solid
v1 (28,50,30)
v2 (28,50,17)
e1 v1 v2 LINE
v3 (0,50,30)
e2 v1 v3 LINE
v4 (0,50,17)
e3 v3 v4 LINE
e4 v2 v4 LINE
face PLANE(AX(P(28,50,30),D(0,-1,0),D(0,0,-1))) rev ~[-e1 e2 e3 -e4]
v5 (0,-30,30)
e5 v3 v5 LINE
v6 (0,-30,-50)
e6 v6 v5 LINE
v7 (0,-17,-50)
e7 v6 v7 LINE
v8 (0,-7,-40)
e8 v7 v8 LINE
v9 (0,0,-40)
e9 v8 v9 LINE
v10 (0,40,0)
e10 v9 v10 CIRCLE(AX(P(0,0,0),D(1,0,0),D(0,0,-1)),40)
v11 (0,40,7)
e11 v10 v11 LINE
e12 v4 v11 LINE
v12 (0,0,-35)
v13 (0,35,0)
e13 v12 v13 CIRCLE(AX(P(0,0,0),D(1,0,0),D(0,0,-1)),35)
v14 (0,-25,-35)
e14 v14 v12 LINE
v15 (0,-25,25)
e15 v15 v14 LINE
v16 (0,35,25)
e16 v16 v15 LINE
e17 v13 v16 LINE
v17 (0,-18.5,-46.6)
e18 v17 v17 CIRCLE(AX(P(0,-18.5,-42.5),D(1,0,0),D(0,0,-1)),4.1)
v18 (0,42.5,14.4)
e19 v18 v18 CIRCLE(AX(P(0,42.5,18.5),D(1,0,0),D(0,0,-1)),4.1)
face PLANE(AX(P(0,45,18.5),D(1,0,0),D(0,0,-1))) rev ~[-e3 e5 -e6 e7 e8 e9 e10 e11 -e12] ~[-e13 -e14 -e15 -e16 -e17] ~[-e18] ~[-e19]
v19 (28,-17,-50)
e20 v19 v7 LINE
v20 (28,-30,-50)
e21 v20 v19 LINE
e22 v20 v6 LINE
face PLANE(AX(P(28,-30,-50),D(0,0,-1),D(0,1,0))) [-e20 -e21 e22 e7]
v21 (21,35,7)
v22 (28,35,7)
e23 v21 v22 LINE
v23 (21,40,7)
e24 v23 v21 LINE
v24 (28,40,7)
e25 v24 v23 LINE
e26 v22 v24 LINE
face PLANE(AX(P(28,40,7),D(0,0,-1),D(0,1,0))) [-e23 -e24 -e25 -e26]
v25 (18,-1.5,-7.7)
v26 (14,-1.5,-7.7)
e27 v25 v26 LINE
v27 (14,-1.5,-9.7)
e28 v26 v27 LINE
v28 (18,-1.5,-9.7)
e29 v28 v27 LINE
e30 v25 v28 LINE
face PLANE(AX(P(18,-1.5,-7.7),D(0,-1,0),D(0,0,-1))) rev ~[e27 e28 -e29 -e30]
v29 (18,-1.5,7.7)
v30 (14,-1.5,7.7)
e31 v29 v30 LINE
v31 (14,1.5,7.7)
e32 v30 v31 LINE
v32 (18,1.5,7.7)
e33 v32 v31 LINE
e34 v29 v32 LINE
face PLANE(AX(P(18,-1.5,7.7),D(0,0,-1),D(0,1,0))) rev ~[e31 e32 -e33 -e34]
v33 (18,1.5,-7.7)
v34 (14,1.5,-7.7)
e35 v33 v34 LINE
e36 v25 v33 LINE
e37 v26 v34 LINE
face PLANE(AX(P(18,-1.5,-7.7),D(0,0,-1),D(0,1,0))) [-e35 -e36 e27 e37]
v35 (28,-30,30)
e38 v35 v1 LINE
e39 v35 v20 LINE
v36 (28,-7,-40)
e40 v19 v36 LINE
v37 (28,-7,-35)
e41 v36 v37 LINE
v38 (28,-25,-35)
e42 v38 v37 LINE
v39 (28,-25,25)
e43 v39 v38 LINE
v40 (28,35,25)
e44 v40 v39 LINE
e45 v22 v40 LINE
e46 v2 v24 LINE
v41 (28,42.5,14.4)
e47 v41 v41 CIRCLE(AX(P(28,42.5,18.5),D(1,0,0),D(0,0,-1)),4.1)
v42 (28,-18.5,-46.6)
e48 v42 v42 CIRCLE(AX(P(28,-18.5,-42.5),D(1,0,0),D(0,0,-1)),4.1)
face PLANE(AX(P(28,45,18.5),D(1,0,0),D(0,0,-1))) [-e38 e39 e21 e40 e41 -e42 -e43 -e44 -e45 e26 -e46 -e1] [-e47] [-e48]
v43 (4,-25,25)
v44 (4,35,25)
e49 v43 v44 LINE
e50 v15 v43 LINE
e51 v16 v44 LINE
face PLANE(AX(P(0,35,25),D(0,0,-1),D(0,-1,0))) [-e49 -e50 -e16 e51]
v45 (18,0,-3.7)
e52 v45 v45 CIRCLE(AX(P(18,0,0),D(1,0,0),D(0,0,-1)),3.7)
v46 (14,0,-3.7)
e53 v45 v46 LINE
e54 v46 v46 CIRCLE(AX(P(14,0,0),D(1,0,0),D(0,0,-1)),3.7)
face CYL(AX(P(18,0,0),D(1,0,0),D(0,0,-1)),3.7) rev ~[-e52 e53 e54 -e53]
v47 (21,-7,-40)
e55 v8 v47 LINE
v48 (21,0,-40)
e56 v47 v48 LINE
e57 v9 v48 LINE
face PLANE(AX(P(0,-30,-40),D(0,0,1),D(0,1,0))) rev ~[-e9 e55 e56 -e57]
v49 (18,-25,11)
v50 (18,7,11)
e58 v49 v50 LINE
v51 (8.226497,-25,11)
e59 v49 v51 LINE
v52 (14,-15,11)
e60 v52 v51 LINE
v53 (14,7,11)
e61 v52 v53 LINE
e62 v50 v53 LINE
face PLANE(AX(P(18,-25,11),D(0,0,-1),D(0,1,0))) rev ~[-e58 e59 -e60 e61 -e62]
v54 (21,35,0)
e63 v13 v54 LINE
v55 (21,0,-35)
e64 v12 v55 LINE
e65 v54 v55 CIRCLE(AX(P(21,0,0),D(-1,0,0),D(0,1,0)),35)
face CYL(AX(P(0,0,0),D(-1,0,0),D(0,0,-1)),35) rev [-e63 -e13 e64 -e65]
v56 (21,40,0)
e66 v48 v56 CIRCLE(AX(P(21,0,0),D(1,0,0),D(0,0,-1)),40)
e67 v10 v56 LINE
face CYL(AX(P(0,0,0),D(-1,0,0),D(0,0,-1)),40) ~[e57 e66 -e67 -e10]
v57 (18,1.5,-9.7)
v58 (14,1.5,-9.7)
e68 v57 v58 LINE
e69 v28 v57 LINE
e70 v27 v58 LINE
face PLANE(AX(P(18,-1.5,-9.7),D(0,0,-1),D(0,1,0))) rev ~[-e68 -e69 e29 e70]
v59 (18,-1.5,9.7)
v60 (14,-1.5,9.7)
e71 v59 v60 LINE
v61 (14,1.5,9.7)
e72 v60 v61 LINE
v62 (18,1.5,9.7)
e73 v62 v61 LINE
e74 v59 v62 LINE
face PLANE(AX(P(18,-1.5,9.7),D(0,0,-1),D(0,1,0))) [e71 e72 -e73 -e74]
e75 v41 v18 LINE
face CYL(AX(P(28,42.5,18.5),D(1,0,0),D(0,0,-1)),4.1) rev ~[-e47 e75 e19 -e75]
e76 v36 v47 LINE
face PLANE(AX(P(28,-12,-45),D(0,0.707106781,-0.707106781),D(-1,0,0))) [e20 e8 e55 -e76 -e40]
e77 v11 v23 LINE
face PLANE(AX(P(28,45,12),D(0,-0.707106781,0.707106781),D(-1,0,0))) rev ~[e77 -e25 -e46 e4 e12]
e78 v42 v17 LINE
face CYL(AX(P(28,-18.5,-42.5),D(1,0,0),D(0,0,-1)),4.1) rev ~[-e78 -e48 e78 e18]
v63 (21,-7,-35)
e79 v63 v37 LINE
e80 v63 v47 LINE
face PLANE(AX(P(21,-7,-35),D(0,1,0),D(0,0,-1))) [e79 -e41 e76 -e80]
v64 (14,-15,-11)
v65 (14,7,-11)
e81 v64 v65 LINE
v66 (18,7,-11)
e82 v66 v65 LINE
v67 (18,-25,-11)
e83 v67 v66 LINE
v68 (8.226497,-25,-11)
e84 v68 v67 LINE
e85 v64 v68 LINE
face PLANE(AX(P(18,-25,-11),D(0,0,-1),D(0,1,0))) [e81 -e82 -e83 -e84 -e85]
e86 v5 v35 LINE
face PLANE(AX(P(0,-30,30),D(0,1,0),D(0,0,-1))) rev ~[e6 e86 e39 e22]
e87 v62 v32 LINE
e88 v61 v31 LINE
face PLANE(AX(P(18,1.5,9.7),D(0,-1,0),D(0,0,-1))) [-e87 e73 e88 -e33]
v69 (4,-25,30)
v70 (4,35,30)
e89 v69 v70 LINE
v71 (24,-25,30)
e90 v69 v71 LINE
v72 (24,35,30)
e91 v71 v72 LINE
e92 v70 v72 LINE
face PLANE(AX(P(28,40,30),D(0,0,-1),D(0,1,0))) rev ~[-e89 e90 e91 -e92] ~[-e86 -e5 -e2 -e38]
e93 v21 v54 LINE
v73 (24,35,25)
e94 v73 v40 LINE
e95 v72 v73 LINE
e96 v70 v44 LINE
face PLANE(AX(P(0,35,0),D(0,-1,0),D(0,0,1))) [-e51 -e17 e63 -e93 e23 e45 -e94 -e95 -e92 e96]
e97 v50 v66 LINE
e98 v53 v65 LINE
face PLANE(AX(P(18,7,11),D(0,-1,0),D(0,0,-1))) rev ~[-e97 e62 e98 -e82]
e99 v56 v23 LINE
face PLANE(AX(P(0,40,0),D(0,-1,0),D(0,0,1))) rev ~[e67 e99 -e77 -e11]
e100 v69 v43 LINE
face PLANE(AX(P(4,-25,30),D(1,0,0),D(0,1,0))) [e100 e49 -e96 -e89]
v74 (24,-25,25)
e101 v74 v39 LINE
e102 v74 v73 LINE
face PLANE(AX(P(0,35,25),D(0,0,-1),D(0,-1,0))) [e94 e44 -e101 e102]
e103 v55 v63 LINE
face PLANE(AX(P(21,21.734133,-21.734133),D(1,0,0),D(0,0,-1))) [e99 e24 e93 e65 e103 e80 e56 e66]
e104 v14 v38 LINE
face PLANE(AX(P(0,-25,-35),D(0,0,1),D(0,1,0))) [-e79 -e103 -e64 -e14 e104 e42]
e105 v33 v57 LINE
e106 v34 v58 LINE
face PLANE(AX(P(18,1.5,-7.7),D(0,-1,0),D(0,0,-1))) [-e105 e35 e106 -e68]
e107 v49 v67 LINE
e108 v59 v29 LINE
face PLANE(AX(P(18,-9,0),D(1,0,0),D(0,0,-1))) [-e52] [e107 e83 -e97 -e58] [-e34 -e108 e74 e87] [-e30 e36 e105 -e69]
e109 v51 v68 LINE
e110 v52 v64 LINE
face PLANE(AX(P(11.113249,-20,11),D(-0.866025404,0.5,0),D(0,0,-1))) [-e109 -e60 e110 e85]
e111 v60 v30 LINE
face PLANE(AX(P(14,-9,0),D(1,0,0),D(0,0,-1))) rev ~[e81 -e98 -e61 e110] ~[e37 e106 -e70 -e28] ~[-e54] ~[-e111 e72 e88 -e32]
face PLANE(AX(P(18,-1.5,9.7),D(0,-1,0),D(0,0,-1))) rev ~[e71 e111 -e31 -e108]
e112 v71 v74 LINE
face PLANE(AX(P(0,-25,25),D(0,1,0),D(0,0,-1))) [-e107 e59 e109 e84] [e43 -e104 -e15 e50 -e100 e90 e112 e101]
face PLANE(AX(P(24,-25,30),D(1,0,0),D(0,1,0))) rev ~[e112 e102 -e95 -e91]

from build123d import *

# Parameters (mm, degrees)
BOSS_EXTRUDE1_DEPTH = 28
BOSS_EXTRUDE2_START = -10
SKETCH3_W           = 22
SKETCH3_H           = 32
SKETCH3_R           = 3.7
SKETCH3_W_2         = 2
SKETCH3_H_2         = 3
BOSS_EXTRUDE2_DEPTH = 4
CUT_EXTRUDE1_START  = -7
CUT_EXTRUDE1_DEPTH  = 7
CHAMFER1_SIZE       = 10
CHAMFER1_SIZE2      = 5.773502692
CUT_EXTRUDE2_REACH  = 87.346
SKETCH5_W           = 20
SKETCH5_H           = 60
SKETCH6_W           = 23
SKETCH6_H           = 10
SKETCH6_W_2         = 10
SKETCH6_H_2         = 23
BOSS_EXTRUDE3_DEPTH = 28
SKETCH8_R           = 4.1
CUT_EXTRUDE3_DEPTH  = 77.052613367
CHAMFER2_SIZE       = 10


with BuildPart() as part:
    # Sketch2 → Boss-Extrude1 (new body)
    with BuildSketch(Plane(origin=(0, 0, 0), x_dir=(0, 0, -1), z_dir=(1, 0, 0))):
        with BuildLine():
            Line((0, 40), (-30, 40))
            Line((-30, 40), (-30, -30))
            Line((-30, -30), (40, -30))
            Line((40, -30), (40, 0))
            ThreePointArc((40, 0), (28.284271247, 28.284271247), (0, 40))
        make_face()
        with BuildLine():
            Line((-25, 35), (-25, -25))
            Line((-25, -25), (35, -25))
            Line((35, -25), (35, 0))
            ThreePointArc((35, 0), (24.748737342, 24.748737342), (0, 35))
            Line((0, 35), (-25, 35))
        make_face(mode=Mode.SUBTRACT)
    extrude(amount=BOSS_EXTRUDE1_DEPTH)

    # Sketch3 → Boss-Extrude2 (add)
    with BuildSketch(Plane(origin=(28, 0, 0), x_dir=(0, 0, -1), z_dir=(1, 0, 0)).offset(BOSS_EXTRUDE2_START)):
        with Locations((0, -9)):
            Rectangle(SKETCH3_W, SKETCH3_H)
        Circle(SKETCH3_R, mode=Mode.SUBTRACT)
        with Locations((-8.7, 0)):
            Rectangle(SKETCH3_W_2, SKETCH3_H_2, mode=Mode.SUBTRACT)
        with Locations((8.7, 0)):
            Rectangle(SKETCH3_W_2, SKETCH3_H_2, mode=Mode.SUBTRACT)
    extrude(amount=-BOSS_EXTRUDE2_DEPTH)

    # Sketch4 → Cut-Extrude1 (cut)
    with BuildSketch(Plane(origin=(28, 0, 0), x_dir=(0, 0, -1), z_dir=(1, 0, 0)).offset(CUT_EXTRUDE1_START)):
        with BuildLine():
            Line((0, 40), (-7, 40))
            Line((-7, 40), (-7, 35))
            Line((-7, 35), (0, 35))
            ThreePointArc((0, 35), (24.748737342, 24.748737342), (35, 0))
            Line((35, 0), (35, -7))
            Line((35, -7), (40, -7))
            Line((40, -7), (40, 0))
            ThreePointArc((40, 0), (28.284271247, 28.284271247), (0, 40))
        make_face()
    extrude(amount=CUT_EXTRUDE1_DEPTH, mode=Mode.SUBTRACT)

    # Chamfer1
    chamfer1_edges = [part.edges().sort_by_distance(p)[0] for p in [
        (14, -25, 0),
    ]]
    chamfer1_side = [part.faces().sort_by_distance(p)[0] for p in [
        (14, -9.762838276, 0),
    ]]
    chamfer(chamfer1_edges, length=CHAMFER1_SIZE, length2=CHAMFER1_SIZE2, reference=chamfer1_side[0])

    # Sketch5 → Cut-Extrude2 (cut, up to next)
    with BuildSketch(Plane.XY.offset(30), mode=Mode.PRIVATE) as cut_extrude2_sk1:
        with Locations((14, 5)):
            Rectangle(SKETCH5_W, SKETCH5_H)
    cut_extrude2_tool1 = extrude(cut_extrude2_sk1.sketch, amount=-CUT_EXTRUDE2_REACH, mode=Mode.PRIVATE) & part.part
    add(cut_extrude2_tool1.solids().sort_by_distance((14, 5, 30))[0], mode=Mode.SUBTRACT)

    # Sketch6 → Boss-Extrude3 (add)
    with BuildSketch(Plane(origin=(28, 0, 0), x_dir=(0, 0, -1), z_dir=(1, 0, 0))):
        with Locations((-18.5, 45)):
            Rectangle(SKETCH6_W, SKETCH6_H)
        with Locations((45, -18.5)):
            Rectangle(SKETCH6_W_2, SKETCH6_H_2)
    extrude(amount=-BOSS_EXTRUDE3_DEPTH)

    # Sketch8 → Cut-Extrude3 (cut, through all)
    with BuildSketch(Plane(origin=(28, 0, 0), x_dir=(0, 0, -1), z_dir=(1, 0, 0))):
        with Locations((-18.5, 42.5)):
            Circle(SKETCH8_R)
        with Locations((42.5, -18.5)):
            Circle(SKETCH8_R)
    extrude(amount=-CUT_EXTRUDE3_DEPTH, mode=Mode.SUBTRACT)

    # Chamfer2
    chamfer2_edges = [part.edges().sort_by_distance(p)[0] for p in [
        (14, -7, -50),
        (14, 50, 7),
    ]]
    chamfer(chamfer2_edges, length=CHAMFER2_SIZE)


solid = part.part
